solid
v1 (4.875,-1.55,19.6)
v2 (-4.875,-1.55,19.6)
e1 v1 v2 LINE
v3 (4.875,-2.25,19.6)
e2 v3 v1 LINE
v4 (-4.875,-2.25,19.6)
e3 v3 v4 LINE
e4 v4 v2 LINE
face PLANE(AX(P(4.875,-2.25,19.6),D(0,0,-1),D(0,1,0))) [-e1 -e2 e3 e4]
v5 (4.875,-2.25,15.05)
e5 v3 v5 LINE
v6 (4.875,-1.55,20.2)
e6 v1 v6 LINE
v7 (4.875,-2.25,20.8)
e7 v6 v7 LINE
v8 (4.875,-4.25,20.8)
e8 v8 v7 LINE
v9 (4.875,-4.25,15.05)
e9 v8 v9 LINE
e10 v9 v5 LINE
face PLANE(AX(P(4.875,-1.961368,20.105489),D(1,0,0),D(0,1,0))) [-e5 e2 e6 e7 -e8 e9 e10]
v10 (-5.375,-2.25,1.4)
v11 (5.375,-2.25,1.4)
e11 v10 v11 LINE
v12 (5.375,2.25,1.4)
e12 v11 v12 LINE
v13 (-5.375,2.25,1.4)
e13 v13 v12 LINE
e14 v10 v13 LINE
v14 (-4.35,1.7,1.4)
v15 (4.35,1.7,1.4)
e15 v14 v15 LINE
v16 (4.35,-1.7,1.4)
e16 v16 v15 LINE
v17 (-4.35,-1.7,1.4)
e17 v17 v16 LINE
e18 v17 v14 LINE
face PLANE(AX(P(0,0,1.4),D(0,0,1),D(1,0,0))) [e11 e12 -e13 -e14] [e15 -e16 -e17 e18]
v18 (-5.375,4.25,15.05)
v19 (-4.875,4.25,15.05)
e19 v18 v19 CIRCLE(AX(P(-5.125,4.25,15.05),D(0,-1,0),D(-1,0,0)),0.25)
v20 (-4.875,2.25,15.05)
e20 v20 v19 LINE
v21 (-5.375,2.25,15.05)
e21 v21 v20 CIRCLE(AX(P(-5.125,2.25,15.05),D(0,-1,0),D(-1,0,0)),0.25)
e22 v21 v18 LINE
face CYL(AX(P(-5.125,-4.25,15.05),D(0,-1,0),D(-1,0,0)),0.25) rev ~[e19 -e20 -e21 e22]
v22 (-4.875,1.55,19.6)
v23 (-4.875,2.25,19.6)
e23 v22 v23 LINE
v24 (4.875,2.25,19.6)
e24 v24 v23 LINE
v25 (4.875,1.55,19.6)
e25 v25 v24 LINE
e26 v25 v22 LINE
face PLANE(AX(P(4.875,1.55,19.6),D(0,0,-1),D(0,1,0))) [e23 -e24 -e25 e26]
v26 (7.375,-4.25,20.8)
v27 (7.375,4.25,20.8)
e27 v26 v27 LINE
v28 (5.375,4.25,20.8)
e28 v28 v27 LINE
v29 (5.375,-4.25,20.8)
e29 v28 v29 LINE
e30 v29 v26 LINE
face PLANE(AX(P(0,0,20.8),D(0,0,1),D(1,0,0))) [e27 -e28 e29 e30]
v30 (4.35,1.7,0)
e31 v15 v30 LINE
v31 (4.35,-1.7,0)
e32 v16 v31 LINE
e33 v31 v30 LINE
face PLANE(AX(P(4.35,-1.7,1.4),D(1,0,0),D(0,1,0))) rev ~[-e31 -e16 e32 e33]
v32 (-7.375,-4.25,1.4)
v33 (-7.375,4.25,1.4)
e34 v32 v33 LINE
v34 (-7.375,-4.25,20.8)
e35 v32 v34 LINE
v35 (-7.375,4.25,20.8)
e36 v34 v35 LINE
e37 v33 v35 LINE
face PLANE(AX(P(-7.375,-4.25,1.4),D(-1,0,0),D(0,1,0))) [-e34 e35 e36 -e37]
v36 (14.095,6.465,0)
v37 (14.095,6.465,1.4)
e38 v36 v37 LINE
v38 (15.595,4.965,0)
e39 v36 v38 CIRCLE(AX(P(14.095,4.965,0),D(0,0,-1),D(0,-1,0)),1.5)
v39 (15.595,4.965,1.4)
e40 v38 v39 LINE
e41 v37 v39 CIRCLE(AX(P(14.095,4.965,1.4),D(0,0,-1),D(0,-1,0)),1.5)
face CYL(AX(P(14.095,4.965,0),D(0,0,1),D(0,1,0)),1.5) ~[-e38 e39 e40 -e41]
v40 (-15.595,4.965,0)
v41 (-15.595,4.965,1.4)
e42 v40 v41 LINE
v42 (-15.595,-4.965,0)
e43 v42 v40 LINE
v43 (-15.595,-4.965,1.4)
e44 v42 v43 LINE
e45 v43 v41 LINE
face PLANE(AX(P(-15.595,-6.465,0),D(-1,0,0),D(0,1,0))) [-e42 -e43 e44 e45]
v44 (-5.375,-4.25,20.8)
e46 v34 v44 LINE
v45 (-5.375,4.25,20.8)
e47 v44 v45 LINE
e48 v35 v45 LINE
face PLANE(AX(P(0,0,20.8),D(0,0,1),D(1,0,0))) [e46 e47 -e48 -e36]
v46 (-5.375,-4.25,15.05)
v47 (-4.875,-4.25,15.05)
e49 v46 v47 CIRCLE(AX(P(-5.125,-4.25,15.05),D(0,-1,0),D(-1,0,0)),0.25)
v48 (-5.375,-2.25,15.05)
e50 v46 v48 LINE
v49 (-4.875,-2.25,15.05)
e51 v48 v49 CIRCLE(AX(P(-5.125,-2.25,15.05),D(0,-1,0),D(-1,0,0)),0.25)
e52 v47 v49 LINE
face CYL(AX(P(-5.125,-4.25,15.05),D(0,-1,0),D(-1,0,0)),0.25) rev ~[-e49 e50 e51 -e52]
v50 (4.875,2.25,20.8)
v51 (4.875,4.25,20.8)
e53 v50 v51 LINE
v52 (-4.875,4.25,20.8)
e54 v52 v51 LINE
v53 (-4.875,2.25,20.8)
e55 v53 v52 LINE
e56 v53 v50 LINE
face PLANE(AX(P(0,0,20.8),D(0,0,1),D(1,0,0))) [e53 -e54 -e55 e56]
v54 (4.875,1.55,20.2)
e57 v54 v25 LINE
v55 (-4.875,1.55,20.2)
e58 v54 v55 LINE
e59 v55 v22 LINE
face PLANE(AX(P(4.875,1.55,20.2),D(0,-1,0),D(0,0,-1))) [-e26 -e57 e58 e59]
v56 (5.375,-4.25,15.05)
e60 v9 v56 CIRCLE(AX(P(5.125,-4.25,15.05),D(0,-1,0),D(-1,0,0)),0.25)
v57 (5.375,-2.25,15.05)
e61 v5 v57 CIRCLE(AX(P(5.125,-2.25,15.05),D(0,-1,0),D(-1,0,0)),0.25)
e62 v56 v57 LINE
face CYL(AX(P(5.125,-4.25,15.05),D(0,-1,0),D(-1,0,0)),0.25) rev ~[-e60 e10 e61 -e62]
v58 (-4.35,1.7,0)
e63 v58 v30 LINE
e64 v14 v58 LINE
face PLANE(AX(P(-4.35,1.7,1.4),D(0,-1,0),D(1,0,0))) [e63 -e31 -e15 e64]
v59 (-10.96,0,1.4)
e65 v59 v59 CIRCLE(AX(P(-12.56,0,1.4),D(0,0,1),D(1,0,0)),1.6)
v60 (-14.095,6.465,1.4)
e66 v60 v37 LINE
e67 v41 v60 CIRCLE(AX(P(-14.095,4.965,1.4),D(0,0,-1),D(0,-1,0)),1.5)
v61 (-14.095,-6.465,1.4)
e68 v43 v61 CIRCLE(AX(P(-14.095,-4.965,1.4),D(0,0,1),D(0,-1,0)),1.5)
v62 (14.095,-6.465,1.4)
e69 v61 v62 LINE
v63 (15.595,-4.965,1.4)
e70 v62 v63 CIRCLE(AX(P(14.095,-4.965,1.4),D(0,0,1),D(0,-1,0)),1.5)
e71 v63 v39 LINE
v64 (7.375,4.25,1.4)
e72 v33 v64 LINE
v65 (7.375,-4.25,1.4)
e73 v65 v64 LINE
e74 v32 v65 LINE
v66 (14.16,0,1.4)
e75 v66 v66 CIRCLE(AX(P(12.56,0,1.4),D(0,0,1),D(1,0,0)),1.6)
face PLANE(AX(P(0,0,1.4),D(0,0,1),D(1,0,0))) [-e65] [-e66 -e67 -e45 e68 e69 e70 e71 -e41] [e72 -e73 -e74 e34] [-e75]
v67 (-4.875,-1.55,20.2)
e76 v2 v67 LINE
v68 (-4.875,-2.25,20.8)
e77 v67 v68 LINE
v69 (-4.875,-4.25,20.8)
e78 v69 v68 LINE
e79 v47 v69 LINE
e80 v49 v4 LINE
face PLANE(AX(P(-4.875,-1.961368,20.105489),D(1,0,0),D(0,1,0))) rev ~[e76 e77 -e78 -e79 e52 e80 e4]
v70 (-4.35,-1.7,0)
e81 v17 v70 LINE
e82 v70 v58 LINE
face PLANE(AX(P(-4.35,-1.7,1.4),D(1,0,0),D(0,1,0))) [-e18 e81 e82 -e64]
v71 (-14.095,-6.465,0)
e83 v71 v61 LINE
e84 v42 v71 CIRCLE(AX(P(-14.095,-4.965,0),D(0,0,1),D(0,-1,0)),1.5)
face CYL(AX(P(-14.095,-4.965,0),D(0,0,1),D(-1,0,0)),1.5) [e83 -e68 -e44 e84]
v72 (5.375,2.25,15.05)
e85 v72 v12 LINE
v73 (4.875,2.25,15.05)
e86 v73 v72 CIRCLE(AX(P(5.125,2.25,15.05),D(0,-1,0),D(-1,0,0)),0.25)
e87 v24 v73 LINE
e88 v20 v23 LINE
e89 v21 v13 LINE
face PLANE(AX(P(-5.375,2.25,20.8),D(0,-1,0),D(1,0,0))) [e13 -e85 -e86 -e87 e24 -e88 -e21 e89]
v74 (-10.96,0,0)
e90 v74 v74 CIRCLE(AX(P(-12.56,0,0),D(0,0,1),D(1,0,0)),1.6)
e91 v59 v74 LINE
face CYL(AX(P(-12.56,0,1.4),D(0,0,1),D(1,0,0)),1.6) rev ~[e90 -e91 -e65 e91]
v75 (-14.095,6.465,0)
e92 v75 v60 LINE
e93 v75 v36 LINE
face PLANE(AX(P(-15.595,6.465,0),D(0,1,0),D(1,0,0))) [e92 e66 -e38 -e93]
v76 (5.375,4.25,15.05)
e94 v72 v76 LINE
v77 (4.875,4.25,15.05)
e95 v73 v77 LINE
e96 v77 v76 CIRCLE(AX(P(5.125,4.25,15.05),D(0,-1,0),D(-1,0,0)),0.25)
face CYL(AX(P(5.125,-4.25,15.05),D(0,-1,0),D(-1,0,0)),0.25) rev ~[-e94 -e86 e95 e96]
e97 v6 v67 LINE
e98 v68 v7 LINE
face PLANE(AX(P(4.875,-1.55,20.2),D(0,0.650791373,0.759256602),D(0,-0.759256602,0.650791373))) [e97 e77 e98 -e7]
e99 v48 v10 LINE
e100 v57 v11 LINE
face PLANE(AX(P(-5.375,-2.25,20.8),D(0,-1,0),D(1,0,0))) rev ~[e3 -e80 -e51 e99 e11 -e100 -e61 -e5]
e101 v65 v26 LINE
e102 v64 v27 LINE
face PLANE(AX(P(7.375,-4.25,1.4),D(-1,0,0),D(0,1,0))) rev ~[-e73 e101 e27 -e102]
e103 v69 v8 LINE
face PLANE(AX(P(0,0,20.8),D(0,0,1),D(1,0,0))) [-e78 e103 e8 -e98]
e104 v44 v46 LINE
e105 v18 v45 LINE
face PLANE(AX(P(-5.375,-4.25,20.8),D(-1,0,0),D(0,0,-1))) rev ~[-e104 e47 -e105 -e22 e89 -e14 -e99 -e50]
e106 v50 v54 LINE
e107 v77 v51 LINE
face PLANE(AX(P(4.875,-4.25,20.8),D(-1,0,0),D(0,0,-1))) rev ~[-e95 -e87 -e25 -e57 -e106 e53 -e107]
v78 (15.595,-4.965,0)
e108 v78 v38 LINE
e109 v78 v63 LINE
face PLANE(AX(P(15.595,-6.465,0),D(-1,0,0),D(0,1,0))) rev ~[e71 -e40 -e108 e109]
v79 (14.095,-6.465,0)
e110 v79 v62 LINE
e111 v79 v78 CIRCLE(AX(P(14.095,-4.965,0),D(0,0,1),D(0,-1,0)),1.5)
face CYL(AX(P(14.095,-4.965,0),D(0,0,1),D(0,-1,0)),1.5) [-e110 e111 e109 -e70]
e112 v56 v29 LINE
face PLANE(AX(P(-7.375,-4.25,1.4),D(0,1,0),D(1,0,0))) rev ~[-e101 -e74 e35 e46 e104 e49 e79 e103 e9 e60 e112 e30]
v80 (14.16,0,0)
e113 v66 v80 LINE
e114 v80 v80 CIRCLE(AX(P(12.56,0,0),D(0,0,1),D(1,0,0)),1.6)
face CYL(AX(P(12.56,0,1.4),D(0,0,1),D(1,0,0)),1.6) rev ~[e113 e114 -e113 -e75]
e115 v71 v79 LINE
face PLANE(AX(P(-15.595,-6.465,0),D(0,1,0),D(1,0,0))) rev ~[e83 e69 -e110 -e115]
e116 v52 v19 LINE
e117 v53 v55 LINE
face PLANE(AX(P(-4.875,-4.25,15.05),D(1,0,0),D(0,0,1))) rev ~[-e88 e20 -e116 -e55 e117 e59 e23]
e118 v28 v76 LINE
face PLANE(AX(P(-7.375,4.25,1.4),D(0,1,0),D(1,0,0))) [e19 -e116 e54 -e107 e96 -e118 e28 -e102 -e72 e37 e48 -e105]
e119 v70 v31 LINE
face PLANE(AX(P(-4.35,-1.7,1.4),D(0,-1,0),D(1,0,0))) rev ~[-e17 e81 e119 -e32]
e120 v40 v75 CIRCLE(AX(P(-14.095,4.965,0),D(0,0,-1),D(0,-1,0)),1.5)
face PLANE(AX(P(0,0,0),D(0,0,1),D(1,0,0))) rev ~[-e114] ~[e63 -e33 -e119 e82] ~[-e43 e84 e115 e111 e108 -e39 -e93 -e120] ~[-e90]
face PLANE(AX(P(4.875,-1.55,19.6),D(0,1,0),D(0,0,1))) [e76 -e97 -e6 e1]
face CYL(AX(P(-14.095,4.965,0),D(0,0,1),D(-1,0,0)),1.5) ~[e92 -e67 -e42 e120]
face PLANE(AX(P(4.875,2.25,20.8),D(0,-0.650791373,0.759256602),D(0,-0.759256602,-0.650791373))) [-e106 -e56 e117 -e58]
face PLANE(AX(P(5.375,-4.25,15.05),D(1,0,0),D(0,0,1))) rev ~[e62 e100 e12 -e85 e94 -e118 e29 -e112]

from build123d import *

# Parameters (mm, degrees)
F0_W      = 31.19
F0_H      = 12.93
F1_DEPTH  = 1.4
F2_R      = 1.6
F3_DEPTH  = 1.401
F4_R      = 1.5
F5_W      = 8.7
F5_H      = 3.4
F6_DEPTH  = 1.401
F7_W      = 14.75
F7_H      = 8.5
F8_DEPTH  = 19.4
F9_W      = 10.75
F9_H      = 4.5
F10_DEPTH = 19.4
F12_DEPTH = 10.716
F14_DEPTH = 9.75


with BuildPart() as f1:
    # F0 (on Top) → F1 (new body)
    with BuildSketch(Plane.XY):
        Rectangle(F0_W, F0_H)
    extrude(amount=F1_DEPTH)

    # F2 (on face) → F3 (cut, through all)
    with BuildSketch(Plane.XY.offset(1.4)):
        with Locations((-12.56, 0)):
            Circle(F2_R)
        with Locations((12.56, 0)):
            Circle(F2_R)
    extrude(amount=-F3_DEPTH, mode=Mode.SUBTRACT)

    # F4
    f4_edges = [f1.edges().sort_by_distance(p)[0] for p in [
        (15.595, -6.465, 0.7),
        (15.595, 6.465, 0.7),
        (-15.595, -6.465, 0.7),
        (-15.595, 6.465, 0.7),
    ]]
    fillet(f4_edges, radius=F4_R)

    # F5 (on face) → F6 (cut, through all)
    with BuildSketch(Plane.XY.offset(1.4)):
        Rectangle(F5_W, F5_H)
    extrude(amount=-F6_DEPTH, mode=Mode.SUBTRACT)

    # F7 (on face) → F8 (join)
    with BuildSketch(Plane.XY.offset(1.4)):
        Rectangle(F7_W, F7_H)
    extrude(amount=F8_DEPTH)

    # F9 (on face) → F10 (cut, through all)
    with BuildSketch(Plane.XY.offset(20.8)):
        Rectangle(F9_W, F9_H)
    extrude(amount=-F10_DEPTH, mode=Mode.SUBTRACT)

    # F11 (on face) → F12 (cut, through all)
    with BuildSketch(Plane.XZ.offset(4.25)):
        with BuildLine():
            Line((-4.875, 20.8), (-5.375, 20.8))
            Line((-5.375, 20.8), (-5.375, 15.05))
            ThreePointArc((-5.375, 15.05), (-5.125, 14.8), (-4.875, 15.05))
            Line((-4.875, 15.05), (-4.875, 20.8))
        make_face()
        with BuildLine():
            Line((5.375, 15.05), (5.375, 20.8))
            Line((5.375, 20.8), (4.875, 20.8))
            Line((4.875, 20.8), (4.875, 15.05))
            ThreePointArc((4.875, 15.05), (5.125, 14.8), (5.375, 15.05))
        make_face()
    extrude(amount=-F12_DEPTH, mode=Mode.SUBTRACT)

    # F13 (on face) → F14 (join, through all)
    with BuildSketch(Plane.YZ.offset(4.875)):
        Polygon((-1.55, 20.2), (-2.25, 20.8), (-2.25, 19.6), (-1.55, 19.6), align=None)
        Polygon((2.25, 19.6), (2.25, 20.8), (1.55, 20.2), (1.55, 19.6), align=None)
    extrude(amount=-F14_DEPTH)


solid = f1.part
